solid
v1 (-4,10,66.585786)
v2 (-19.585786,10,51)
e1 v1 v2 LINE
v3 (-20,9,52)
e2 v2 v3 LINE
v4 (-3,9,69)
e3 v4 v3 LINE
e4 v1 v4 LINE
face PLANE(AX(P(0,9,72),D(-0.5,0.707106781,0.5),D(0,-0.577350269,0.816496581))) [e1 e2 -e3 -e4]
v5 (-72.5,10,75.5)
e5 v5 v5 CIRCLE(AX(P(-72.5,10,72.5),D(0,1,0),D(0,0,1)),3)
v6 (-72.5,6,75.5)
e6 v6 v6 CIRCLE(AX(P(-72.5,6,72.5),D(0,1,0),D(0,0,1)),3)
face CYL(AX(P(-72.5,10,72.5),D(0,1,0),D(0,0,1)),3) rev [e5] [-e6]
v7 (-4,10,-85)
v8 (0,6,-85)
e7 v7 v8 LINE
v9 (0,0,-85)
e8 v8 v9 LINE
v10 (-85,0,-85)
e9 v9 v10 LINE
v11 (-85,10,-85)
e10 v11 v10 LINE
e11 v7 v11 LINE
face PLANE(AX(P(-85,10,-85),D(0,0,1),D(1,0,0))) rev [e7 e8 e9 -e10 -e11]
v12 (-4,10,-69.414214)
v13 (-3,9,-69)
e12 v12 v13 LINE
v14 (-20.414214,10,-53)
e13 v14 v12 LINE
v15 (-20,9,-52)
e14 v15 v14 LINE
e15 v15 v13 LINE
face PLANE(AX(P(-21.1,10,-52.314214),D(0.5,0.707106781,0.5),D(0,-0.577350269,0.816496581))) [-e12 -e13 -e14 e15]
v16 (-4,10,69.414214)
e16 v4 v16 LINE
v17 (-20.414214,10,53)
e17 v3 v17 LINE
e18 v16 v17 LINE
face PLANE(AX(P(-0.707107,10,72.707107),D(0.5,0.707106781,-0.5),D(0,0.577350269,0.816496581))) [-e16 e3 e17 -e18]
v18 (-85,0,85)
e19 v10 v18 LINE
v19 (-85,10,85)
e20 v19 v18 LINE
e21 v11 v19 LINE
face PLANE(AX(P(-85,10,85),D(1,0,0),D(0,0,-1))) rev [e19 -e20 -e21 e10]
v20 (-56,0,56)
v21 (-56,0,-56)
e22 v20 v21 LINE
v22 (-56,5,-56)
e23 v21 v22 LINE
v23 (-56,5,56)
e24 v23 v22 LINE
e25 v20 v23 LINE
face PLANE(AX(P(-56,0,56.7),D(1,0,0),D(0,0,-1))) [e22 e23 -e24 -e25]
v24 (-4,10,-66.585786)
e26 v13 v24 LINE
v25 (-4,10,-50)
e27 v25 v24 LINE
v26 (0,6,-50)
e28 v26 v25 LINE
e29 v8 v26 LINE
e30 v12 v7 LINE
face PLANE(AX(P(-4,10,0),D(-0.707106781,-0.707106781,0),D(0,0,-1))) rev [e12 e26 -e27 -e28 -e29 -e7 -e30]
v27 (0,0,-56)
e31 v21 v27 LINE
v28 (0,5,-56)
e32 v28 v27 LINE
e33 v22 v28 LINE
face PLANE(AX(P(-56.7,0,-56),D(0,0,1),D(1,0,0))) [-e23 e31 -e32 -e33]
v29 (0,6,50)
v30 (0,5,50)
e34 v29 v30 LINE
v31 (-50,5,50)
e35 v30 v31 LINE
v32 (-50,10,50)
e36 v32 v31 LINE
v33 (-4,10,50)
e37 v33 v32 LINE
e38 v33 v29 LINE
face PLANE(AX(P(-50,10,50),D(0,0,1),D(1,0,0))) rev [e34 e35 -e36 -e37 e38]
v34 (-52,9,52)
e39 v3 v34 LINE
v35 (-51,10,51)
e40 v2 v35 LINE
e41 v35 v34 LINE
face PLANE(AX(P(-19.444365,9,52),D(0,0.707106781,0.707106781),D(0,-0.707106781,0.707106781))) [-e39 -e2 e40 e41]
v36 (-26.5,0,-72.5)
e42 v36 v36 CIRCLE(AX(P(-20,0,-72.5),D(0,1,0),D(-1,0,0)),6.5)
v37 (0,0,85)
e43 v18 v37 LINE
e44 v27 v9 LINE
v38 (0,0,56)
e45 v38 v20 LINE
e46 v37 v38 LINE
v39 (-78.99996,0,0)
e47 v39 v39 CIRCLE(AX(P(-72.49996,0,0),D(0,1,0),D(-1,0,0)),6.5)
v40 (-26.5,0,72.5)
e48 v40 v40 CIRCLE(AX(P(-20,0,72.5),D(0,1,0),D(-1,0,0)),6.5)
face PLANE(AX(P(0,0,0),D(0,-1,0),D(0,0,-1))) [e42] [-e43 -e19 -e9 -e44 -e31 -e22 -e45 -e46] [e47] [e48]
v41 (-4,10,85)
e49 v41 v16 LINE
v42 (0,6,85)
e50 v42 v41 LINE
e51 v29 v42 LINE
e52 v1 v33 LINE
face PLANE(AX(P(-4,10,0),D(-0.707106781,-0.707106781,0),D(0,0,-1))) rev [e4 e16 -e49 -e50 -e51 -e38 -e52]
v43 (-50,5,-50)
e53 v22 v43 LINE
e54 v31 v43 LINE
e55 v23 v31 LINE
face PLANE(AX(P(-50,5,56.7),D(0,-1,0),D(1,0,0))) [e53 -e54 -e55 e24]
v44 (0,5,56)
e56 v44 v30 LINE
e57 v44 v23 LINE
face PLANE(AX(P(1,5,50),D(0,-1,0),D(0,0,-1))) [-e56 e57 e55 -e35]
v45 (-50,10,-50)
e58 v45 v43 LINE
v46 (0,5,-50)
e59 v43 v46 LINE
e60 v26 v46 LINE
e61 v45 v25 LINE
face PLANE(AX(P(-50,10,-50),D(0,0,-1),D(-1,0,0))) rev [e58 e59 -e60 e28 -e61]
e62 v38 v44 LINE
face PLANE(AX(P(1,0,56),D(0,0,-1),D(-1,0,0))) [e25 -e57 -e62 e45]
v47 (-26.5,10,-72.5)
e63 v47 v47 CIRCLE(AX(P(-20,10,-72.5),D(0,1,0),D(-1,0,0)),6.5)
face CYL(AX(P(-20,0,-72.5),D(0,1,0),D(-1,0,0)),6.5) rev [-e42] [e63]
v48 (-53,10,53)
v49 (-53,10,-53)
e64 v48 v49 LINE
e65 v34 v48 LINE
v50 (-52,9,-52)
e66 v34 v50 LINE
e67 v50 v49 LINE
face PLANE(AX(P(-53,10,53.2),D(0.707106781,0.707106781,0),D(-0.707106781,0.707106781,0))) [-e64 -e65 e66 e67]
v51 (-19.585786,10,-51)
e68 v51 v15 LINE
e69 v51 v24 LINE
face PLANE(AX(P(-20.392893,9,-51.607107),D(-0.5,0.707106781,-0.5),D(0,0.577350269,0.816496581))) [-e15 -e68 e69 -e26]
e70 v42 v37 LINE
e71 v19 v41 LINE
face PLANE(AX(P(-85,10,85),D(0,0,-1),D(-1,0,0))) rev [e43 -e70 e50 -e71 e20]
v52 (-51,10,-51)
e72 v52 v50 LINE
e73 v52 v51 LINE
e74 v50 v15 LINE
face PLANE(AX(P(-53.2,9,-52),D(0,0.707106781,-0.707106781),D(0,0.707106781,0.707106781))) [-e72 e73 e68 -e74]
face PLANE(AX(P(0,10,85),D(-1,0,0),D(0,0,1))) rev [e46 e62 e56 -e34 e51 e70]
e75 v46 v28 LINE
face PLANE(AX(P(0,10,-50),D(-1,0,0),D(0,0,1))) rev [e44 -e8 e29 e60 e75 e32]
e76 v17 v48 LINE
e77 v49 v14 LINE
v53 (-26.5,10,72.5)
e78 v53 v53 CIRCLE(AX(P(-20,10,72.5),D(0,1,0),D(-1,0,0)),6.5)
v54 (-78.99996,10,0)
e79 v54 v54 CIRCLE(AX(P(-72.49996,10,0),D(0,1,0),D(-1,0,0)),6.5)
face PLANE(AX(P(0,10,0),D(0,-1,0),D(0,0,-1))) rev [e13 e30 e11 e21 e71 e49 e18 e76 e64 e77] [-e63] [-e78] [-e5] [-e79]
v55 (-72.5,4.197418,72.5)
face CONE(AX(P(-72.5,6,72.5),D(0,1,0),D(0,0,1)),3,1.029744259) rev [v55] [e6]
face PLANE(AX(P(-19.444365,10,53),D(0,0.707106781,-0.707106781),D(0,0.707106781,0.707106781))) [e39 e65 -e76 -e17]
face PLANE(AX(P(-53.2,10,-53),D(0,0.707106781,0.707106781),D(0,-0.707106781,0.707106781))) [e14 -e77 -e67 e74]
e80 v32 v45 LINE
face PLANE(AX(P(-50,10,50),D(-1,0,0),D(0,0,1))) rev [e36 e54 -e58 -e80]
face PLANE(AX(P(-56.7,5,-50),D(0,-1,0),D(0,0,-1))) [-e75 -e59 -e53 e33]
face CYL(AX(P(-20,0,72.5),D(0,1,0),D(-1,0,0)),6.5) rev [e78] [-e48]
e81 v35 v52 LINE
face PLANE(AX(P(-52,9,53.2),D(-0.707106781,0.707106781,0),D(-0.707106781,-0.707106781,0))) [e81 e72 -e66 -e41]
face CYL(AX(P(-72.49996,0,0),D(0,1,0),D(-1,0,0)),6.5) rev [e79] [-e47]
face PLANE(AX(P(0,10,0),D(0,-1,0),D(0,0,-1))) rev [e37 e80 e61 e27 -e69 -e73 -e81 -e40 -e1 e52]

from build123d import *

# Parameters (mm, degrees)
BOSS_EXTRUDE1_DEPTH       = 10
SKETCH3_W                 = 6
SKETCH3_H                 = 5
CHAMFER1_SIZE             = 4
SKETCH10_R                = 6.5
CUT_EXTRUDE1_DEPTH        = 121.623380818
F_6_0MM_DOWEL_HOLE1_D     = 6
F_6_0MM_DOWEL_HOLE1_DEPTH = 4
F_6_0MM_DOWEL_HOLE1_TIP   = 1.802581857


with BuildPart() as part:
    # Sketch1 → Boss-Extrude1 (new body)
    with BuildSketch(Plane(origin=(0, 0, 0), x_dir=(1, 0, 0), z_dir=(0, 1, 0))):
        Polygon((0, -85), (0, -50), (-50, -50), (-50, 50), (0, 50), (0, 85), (-85, 85), (-85, -85), align=None)
    extrude(amount=BOSS_EXTRUDE1_DEPTH)

    # Cut-Sweep1: sweep along a path in Sketch4
    with BuildLine(Plane.XZ) as cut_sweep1_path:
        Line((0, 50), (-50, 50))
        Line((-50, 50), (-50, -50))
        Line((-50, -50), (0, -50))
    # Sketch3 → Cut-Sweep1 (sweep, cut)
    with BuildSketch(Plane(origin=(0, 0, 0), x_dir=(0, 0, -1), z_dir=(1, 0, 0))):
        with Locations((-53, 2.5)):
            Rectangle(SKETCH3_W, SKETCH3_H)
    sweep(path=cut_sweep1_path.line, transition=Transition.RIGHT, mode=Mode.SUBTRACT)

    # Chamfer1
    chamfer1_edges = [part.edges().sort_by_distance(p)[0] for p in [
        (0, 10, 67.5),
        (0, 10, -67.5),
    ]]
    chamfer(chamfer1_edges, length=CHAMFER1_SIZE)

    # Sketch10 → Cut-Extrude1 (cut, through all)
    with BuildSketch(Plane(origin=(0, 10, 0), x_dir=(1, 0, 0), z_dir=(0, 1, 0))):
        with Locations((-72.499960031, 0)):
            Circle(SKETCH10_R)
        with Locations((-20, -72.5)):
            Circle(SKETCH10_R)
        with Locations((-20, 72.5)):
            Circle(SKETCH10_R)
    extrude(amount=-CUT_EXTRUDE1_DEPTH, mode=Mode.SUBTRACT)

    # Ø6.0mm Dowel Hole1
    with Locations(Plane(origin=(0, 10, 0), x_dir=(1, 0, 0), z_dir=(0, 1, 0))):
        with Locations((-72.5, -72.5)):
            Hole(F_6_0MM_DOWEL_HOLE1_D / 2, depth=F_6_0MM_DOWEL_HOLE1_DEPTH)
            with Locations((0, 0, -(F_6_0MM_DOWEL_HOLE1_DEPTH + F_6_0MM_DOWEL_HOLE1_TIP / 2))):  # 118° drill point
                Cone(0, F_6_0MM_DOWEL_HOLE1_D / 2, F_6_0MM_DOWEL_HOLE1_TIP, mode=Mode.SUBTRACT)

    # Cut-Sweep2: sweep along a path in Sketch5
    with BuildLine(Plane(origin=(0, 10, 0), x_dir=(1, 0, 0), z_dir=(0, 1, 0))) as cut_sweep2_path:
        Line((0, -72), (-20, -52))
        Line((-20, -52), (-52, -52))
        Line((-52, -52), (-52, 52))
        Line((-52, 52), (-20, 52))
        Line((-20, 52), (0, 72))
    # Sketch9 → Cut-Sweep2 (sweep, cut)
    with BuildSketch(Plane(origin=(36, 0, 36), x_dir=(0, -1, 0), z_dir=(0.7071067811865462, 0, 0.7071067811865489))):
        Polygon((-10, -50.911688245), (-10, -51.911688245), (-9, -50.911688245), (-10, -49.911688245), align=None)
    sweep(path=cut_sweep2_path.line, transition=Transition.RIGHT, mode=Mode.SUBTRACT)


solid = part.part
